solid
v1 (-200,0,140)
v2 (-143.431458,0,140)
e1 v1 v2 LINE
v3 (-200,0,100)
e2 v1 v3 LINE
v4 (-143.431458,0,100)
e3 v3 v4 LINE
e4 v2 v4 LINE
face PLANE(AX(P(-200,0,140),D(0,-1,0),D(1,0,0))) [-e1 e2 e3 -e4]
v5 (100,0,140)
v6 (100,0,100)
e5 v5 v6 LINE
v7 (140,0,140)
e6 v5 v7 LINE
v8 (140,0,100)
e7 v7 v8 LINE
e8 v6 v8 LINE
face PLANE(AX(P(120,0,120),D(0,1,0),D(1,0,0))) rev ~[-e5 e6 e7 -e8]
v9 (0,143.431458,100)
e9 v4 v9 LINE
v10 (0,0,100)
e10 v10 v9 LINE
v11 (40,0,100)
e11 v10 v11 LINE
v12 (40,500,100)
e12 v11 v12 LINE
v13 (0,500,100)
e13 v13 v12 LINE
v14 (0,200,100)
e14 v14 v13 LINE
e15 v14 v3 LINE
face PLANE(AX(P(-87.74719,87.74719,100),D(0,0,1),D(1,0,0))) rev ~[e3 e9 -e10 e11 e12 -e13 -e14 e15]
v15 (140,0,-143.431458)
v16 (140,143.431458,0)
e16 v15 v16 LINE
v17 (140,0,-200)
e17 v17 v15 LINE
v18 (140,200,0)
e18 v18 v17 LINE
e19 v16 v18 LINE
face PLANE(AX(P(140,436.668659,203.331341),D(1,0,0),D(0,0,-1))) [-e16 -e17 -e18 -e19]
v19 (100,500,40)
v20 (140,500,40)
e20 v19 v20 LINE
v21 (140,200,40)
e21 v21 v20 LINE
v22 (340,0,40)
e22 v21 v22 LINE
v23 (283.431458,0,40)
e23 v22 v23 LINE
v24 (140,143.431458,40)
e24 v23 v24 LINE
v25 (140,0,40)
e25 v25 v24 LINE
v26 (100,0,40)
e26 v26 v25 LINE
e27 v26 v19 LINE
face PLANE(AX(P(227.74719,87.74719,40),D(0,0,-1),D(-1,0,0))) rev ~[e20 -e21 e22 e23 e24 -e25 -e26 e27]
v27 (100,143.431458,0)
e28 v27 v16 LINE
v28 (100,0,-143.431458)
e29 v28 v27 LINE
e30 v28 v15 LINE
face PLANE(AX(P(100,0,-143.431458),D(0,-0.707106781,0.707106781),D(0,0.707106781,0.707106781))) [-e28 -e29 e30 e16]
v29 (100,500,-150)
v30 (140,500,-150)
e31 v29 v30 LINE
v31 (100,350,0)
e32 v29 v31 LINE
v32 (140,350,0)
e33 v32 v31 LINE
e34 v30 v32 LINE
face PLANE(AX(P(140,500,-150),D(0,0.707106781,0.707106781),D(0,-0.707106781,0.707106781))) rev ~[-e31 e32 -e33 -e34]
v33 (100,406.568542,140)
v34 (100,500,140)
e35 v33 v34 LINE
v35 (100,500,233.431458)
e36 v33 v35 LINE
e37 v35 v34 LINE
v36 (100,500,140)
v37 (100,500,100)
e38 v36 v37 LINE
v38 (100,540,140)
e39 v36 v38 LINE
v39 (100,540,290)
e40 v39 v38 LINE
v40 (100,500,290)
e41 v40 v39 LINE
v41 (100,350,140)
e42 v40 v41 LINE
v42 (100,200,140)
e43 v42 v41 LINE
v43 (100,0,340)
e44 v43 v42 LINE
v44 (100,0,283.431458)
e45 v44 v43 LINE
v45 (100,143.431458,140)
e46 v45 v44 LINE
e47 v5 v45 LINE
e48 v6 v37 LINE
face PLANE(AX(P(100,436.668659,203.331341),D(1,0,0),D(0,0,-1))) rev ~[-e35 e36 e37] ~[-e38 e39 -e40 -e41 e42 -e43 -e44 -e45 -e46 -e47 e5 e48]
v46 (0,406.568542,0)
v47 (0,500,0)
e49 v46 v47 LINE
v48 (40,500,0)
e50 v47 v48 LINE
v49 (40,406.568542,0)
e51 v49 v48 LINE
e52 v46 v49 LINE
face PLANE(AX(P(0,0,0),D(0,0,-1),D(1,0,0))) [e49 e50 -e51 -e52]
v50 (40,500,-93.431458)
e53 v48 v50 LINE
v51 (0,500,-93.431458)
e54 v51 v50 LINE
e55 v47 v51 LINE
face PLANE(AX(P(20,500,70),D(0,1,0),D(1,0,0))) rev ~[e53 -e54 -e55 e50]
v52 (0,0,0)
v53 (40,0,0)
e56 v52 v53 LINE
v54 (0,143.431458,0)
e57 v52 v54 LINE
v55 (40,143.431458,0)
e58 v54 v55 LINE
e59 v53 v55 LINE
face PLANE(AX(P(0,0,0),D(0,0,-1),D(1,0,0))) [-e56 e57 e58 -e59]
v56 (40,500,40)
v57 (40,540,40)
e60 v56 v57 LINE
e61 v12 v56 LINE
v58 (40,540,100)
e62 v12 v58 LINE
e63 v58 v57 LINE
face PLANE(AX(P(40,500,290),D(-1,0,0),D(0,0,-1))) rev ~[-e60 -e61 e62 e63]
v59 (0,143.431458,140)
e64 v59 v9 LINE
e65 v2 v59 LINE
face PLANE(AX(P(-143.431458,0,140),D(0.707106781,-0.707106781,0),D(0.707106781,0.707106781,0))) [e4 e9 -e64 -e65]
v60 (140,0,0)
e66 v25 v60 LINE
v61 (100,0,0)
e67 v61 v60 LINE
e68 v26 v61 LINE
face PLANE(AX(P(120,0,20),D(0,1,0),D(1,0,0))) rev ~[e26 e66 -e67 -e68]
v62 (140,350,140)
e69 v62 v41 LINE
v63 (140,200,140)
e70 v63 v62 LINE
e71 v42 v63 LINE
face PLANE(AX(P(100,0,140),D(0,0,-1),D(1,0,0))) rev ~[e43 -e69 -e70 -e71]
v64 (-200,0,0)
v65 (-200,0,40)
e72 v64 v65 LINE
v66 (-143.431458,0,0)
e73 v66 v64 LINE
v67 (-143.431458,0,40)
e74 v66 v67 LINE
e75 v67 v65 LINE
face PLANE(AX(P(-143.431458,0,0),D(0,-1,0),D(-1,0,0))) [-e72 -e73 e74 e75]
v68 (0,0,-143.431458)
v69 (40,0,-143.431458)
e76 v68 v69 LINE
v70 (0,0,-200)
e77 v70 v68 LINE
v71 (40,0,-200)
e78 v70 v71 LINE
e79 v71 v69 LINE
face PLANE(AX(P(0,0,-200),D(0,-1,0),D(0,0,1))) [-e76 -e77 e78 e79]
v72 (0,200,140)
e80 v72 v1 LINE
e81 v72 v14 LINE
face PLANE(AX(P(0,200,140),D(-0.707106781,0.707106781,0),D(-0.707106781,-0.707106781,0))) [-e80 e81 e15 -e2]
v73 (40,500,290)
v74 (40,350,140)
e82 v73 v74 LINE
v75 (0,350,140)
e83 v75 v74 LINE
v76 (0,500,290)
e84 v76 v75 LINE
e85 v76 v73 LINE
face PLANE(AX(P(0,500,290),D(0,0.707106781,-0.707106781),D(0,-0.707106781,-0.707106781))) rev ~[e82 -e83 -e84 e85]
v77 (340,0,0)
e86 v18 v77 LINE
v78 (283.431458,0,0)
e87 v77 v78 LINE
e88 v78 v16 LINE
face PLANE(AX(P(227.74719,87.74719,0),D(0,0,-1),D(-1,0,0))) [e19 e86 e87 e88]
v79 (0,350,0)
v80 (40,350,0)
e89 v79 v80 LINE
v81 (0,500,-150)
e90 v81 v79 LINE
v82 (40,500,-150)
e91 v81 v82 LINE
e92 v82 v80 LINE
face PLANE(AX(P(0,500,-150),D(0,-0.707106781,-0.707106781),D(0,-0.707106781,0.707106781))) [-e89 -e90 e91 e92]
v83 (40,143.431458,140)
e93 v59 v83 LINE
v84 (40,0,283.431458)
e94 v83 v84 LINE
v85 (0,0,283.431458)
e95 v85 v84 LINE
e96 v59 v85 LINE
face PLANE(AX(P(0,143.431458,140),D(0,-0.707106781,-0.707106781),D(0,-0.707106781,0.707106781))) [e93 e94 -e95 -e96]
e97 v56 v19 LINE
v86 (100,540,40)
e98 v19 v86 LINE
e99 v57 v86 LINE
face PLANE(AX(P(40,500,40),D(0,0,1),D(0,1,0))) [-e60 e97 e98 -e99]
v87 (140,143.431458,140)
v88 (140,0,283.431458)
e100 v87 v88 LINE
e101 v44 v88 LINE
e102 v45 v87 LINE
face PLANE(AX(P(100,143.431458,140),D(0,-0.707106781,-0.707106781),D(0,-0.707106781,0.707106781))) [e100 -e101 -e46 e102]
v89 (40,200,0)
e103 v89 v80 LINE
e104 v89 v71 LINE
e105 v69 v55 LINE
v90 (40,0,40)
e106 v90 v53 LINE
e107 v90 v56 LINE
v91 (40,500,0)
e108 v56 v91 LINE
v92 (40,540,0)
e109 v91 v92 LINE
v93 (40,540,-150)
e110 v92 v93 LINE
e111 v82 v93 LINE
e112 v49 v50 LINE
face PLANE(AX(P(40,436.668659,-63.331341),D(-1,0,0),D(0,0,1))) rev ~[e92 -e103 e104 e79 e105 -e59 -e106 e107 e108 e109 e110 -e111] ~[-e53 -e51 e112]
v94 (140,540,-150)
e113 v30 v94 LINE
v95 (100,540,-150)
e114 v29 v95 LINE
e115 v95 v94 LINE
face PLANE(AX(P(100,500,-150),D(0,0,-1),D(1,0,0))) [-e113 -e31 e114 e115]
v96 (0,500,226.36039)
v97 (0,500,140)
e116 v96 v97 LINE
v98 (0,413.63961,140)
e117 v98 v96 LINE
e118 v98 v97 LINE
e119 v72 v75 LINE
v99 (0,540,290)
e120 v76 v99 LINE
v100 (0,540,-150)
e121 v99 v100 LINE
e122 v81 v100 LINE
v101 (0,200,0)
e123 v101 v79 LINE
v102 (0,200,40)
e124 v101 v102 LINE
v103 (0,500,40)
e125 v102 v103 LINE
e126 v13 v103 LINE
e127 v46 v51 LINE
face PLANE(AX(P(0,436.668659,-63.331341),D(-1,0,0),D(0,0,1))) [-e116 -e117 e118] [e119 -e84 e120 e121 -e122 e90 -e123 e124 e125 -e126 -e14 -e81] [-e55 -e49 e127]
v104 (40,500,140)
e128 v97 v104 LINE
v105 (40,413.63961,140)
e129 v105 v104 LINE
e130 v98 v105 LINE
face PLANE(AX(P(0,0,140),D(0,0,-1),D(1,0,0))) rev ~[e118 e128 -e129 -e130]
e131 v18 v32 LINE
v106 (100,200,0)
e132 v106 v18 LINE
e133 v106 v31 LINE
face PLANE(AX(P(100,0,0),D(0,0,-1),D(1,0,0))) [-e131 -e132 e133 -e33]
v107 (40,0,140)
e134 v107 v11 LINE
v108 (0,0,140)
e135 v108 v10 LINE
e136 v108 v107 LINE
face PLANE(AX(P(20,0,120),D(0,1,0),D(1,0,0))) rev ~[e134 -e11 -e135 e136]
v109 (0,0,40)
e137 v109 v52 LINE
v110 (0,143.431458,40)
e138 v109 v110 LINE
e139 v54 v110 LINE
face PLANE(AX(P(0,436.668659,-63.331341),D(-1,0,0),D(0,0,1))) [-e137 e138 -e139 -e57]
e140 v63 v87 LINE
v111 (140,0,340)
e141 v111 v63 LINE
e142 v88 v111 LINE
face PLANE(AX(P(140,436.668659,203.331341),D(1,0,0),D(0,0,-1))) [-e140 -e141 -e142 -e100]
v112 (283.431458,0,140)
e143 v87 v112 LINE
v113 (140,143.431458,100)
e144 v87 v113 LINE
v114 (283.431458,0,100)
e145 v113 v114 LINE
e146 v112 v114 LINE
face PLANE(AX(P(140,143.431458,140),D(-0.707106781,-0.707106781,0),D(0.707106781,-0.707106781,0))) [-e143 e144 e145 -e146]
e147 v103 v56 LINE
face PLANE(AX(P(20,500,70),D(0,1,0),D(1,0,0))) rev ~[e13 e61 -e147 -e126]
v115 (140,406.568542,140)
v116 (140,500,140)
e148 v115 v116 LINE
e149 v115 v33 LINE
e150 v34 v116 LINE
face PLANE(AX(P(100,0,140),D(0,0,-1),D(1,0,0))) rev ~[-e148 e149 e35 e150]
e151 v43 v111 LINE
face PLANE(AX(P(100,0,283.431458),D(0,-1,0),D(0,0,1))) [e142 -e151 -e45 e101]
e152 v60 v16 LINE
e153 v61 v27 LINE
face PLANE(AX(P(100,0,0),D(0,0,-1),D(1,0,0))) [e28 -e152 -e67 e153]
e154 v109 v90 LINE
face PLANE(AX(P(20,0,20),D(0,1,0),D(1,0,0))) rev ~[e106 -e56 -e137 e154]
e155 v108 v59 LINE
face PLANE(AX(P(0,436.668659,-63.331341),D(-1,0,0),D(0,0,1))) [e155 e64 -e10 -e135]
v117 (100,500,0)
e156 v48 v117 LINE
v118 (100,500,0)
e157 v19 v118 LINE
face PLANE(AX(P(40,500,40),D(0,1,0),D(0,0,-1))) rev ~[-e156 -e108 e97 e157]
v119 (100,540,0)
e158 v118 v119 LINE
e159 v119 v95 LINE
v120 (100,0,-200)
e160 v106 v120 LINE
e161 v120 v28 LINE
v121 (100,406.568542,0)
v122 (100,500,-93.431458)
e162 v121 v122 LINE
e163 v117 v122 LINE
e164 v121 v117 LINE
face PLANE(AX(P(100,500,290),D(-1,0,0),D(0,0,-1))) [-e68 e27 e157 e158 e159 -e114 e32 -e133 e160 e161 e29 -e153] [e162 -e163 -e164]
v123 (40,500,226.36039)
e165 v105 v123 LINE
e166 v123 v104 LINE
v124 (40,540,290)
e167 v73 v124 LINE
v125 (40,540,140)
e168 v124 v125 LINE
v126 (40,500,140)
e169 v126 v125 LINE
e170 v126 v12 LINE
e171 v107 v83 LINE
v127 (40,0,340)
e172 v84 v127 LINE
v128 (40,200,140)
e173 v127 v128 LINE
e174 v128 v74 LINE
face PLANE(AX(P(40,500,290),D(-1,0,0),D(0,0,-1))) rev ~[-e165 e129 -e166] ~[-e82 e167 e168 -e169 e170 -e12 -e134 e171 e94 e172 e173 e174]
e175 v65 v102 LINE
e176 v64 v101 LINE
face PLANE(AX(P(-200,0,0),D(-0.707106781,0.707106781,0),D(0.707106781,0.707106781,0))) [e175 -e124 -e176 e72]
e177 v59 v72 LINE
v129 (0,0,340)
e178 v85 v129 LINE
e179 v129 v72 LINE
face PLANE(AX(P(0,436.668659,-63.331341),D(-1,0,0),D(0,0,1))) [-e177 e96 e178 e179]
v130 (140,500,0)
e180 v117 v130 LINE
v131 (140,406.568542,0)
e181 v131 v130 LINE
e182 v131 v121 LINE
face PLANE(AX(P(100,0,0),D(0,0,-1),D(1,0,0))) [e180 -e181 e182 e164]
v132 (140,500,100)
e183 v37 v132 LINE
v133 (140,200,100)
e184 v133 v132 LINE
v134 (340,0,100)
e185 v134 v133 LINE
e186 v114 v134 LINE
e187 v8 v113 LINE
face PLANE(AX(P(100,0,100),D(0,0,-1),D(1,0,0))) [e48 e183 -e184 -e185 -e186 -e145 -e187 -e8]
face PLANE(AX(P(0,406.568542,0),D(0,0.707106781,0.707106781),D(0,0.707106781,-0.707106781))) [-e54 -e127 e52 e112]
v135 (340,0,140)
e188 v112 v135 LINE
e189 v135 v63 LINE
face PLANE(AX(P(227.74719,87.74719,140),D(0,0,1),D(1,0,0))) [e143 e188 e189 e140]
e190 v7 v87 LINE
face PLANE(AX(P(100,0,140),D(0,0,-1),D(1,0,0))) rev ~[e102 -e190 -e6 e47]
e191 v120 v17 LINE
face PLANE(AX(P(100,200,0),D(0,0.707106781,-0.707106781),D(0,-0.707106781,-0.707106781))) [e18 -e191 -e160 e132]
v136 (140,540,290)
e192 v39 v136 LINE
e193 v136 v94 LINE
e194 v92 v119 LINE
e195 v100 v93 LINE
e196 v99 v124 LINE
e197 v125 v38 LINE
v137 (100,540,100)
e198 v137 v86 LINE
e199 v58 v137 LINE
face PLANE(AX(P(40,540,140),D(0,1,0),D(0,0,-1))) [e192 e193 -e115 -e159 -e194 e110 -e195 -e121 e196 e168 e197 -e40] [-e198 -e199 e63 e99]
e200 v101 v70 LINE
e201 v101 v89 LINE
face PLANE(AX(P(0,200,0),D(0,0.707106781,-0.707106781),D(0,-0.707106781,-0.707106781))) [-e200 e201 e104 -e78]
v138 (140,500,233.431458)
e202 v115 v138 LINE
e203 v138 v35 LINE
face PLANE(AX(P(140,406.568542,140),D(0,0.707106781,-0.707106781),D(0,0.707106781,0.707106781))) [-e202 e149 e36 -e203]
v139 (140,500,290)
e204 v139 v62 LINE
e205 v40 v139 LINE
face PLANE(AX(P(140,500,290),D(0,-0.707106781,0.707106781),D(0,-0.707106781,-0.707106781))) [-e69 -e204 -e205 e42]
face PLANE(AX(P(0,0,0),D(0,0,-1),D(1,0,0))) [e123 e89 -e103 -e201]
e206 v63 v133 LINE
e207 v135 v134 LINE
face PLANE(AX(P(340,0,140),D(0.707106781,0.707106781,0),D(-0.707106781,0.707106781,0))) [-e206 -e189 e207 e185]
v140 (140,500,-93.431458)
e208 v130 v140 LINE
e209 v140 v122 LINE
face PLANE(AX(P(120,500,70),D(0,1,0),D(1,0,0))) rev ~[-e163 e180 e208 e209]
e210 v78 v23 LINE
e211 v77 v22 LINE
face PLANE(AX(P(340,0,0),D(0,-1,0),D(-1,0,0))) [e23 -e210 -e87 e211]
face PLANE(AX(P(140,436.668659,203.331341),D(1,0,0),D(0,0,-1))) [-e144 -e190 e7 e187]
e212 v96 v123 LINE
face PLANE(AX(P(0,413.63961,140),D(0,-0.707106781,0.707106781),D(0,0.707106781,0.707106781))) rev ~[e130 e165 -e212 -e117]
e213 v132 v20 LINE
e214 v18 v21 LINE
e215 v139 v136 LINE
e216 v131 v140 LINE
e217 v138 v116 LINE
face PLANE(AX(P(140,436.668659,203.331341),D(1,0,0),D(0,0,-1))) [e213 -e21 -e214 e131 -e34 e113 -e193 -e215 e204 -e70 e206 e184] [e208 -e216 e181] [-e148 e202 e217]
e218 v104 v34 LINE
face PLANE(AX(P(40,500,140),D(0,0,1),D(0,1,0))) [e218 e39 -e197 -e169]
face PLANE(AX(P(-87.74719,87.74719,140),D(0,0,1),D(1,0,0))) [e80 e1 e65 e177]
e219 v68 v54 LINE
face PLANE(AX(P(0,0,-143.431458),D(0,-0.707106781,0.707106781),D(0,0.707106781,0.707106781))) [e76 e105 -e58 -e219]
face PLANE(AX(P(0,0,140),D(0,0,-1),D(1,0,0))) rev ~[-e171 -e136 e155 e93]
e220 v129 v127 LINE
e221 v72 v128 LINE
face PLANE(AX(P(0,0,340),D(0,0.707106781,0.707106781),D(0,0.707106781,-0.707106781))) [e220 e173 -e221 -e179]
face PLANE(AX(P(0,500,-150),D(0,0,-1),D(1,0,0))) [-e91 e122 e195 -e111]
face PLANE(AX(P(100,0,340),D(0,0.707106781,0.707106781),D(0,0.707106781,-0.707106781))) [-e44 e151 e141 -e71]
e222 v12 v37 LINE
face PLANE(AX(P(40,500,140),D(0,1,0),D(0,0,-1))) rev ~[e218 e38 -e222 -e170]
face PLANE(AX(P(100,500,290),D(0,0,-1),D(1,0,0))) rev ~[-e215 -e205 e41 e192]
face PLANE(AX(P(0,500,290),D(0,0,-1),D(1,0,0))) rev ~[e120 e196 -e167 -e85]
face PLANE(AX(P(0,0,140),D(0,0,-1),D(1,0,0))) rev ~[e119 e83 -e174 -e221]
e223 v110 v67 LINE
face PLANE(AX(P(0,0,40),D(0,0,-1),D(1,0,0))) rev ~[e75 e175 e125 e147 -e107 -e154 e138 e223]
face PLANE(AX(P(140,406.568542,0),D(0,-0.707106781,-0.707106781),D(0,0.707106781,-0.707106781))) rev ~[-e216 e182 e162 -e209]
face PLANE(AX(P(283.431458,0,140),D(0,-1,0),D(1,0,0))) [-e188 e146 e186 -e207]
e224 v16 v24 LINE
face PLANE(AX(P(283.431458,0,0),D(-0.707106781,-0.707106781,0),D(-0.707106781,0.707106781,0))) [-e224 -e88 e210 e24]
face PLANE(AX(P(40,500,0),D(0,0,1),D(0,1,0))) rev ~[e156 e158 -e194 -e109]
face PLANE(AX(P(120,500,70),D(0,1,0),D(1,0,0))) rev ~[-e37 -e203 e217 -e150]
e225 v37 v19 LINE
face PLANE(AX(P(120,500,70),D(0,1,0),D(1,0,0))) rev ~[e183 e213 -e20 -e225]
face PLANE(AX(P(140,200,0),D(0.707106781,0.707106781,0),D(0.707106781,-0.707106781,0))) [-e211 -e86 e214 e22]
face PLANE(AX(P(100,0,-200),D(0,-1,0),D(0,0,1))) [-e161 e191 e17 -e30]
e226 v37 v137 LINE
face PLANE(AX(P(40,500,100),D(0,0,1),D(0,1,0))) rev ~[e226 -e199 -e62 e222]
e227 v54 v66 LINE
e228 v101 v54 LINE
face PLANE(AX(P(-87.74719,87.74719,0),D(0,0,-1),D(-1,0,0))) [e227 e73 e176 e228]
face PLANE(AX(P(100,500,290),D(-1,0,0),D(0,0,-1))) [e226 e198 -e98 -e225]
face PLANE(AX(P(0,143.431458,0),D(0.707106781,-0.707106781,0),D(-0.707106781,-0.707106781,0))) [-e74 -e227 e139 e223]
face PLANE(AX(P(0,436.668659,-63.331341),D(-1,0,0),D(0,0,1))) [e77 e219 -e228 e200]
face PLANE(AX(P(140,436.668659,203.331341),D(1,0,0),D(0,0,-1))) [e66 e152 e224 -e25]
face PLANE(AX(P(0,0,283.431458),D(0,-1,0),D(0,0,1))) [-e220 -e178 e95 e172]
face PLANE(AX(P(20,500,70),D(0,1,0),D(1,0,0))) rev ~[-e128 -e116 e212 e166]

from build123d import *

# Parameters (mm, degrees)
SKETCH_1_W             = 40
SKETCH_1_H             = 40
EXTRUDE_1_DEPTH        = 500
EXTRUDE_1_2_DEPTH      = 500
EXTRUDE_1_3_DEPTH      = 500
EXTRUDE_1_4_DEPTH      = 500
SKETCH_3_W             = 40
SKETCH_3_H             = 440
EXTRUDE_2_DEPTH        = 40
SKETCH_4_W             = 40
SKETCH_4_H             = 440
EXTRUDE_3_DEPTH        = 40
SKETCH_5_W             = 40
SKETCH_5_H             = 40
EXTRUDE_4_DEPTH        = 100
EXTRUDE_5_DEPTH        = 40
EXTRUDE_6_DEPTH        = 40
EXTRUDE_7_DEPTH        = 40
PATTERN_LINEAR_1_COUNT = 2
PATTERN_LINEAR_1_PITCH = 100
EXTRUDE_8_DEPTH        = 40
EXTRUDE_9_DEPTH        = 40


with BuildPart() as part:
    # 草图1 → 凸台-拉伸1 (new body)
    with BuildSketch(Plane(origin=(0, 0, 0), x_dir=(1, 0, 0), z_dir=(0, 1, 0))):
        with Locations((20, -20)):
            Rectangle(SKETCH_1_W, SKETCH_1_H)
    extrude(amount=EXTRUDE_1_DEPTH)



with BuildPart() as body_2:
    # 草图1 → Extrude 1 2 (new body)
    with BuildSketch(Plane(origin=(0, 0, 0), x_dir=(1, 0, 0), z_dir=(0, 1, 0))):
        with Locations((120, -20)):
            Rectangle(SKETCH_1_W, SKETCH_1_H)
    extrude(amount=EXTRUDE_1_2_DEPTH)



with BuildPart() as body_3:
    # 草图1 → Extrude 1 3 (new body)
    with BuildSketch(Plane(origin=(0, 0, 0), x_dir=(1, 0, 0), z_dir=(0, 1, 0))):
        with Locations((20, -120)):
            Rectangle(SKETCH_1_W, SKETCH_1_H)
    extrude(amount=EXTRUDE_1_3_DEPTH)


with BuildPart() as body_4:
    # 草图1 → Extrude 1 4 (new body)
    with BuildSketch(Plane(origin=(0, 0, 0), x_dir=(1, 0, 0), z_dir=(0, 1, 0))):
        with Locations((120, -120)):
            Rectangle(SKETCH_1_W, SKETCH_1_H)
    extrude(amount=EXTRUDE_1_4_DEPTH)


with BuildPart() as part_1:
    add(part.part)

    add(body_3.part)  # 凸台-拉伸2 merges body 3
    # 草图3 → 凸台-拉伸2 (add)
    with BuildSketch(Plane(origin=(0, 500, 0), x_dir=(1, 0, 0), z_dir=(0, 1, 0))):
        with Locations((20, -70)):
            Rectangle(SKETCH_3_W, SKETCH_3_H)
    extrude(amount=EXTRUDE_2_DEPTH)



with BuildPart() as body_2_1:
    add(body_2.part)

    add(body_4.part)  # 凸台-拉伸3 merges body 4
    # 草图4 → 凸台-拉伸3 (add)
    with BuildSketch(Plane(origin=(0, 500, 0), x_dir=(1, 0, 0), z_dir=(0, 1, 0))):
        with Locations((120, -70)):
            Rectangle(SKETCH_4_W, SKETCH_4_H)
    extrude(amount=EXTRUDE_3_DEPTH)


with BuildPart() as part_2:
    add(part_1.part)

    add(body_2_1.part)  # 凸台-拉伸4 merges body 2
    # 草图5 → 凸台-拉伸4 (add)
    with BuildSketch(Plane(origin=(40, 0, 0), x_dir=(0, 0, -1), z_dir=(1, 0, 0))):
        with Locations((-120, 520)):
            Rectangle(SKETCH_5_W, SKETCH_5_H)
        with Locations((-20, 520)):
            Rectangle(SKETCH_5_W, SKETCH_5_H)
    extrude(amount=EXTRUDE_4_DEPTH)

    # 草图6 → 凸台-拉伸5 (add)
    with BuildSketch(Plane(origin=(140, 0, 0), x_dir=(0, 0, -1), z_dir=(1, 0, 0))):
        Polygon((-290, 500), (-140, 350), (-140, 406.568542495), (-233.431457505, 500), align=None)
        Polygon((150, 500), (0, 350), (0, 406.568542495), (93.431457505, 500), align=None)
    extrude(amount=-EXTRUDE_5_DEPTH)

    # 草图7 → 凸台-拉伸6 (add)
    with BuildSketch(Plane.ZY):
        Polygon((-150, 500), (0, 350), (0, 406.568542495), (-93.431457505, 500), align=None)
        Polygon((290, 500), (140, 350), (140, 413.639610307), (226.360389693, 500), align=None)
    extrude(amount=-EXTRUDE_6_DEPTH)

    # 草图8 → 凸台-拉伸7 (add)
    with BuildSketch(Plane.ZY):
        Polygon((0, 143.431457505), (0, 200), (-200, 0), (-143.431457505, 0), align=None)
        Polygon((140, 143.431457505), (283.431457505, 0), (340, 0), (140, 200), align=None)
    extrude_7 = extrude(amount=-EXTRUDE_7_DEPTH)

    # 阵列(线性)1: 凸台-拉伸7 ×2
    with Locations(*[(i * PATTERN_LINEAR_1_PITCH, 0, 0) for i in range(1, PATTERN_LINEAR_1_COUNT)]):
        add(extrude_7)

    # 草图9 → 凸台-拉伸8 (add)
    with BuildSketch(Plane(origin=(0, 0, 0), x_dir=(-1, 0, 0), z_dir=(0, 0, -1))):
        Polygon((-340, 0), (-283.431457505, 0), (-140, 143.431457505), (-140, 200), align=None)
        Polygon((200, 0), (0, 200), (0, 143.431457505), (143.431457505, 0), align=None)
    extrude(amount=-EXTRUDE_8_DEPTH)

    # 草图10 → 凸台-拉伸9 (add)
    with BuildSketch(Plane.XY.offset(140)):
        Polygon((0, 143.431457505), (0, 200), (-200, 0), (-143.431457505, 0), align=None)
        Polygon((140, 143.431457505), (283.431457505, 0), (340, 0), (140, 200), align=None)
    extrude(amount=-EXTRUDE_9_DEPTH)


solid = part_2.part
